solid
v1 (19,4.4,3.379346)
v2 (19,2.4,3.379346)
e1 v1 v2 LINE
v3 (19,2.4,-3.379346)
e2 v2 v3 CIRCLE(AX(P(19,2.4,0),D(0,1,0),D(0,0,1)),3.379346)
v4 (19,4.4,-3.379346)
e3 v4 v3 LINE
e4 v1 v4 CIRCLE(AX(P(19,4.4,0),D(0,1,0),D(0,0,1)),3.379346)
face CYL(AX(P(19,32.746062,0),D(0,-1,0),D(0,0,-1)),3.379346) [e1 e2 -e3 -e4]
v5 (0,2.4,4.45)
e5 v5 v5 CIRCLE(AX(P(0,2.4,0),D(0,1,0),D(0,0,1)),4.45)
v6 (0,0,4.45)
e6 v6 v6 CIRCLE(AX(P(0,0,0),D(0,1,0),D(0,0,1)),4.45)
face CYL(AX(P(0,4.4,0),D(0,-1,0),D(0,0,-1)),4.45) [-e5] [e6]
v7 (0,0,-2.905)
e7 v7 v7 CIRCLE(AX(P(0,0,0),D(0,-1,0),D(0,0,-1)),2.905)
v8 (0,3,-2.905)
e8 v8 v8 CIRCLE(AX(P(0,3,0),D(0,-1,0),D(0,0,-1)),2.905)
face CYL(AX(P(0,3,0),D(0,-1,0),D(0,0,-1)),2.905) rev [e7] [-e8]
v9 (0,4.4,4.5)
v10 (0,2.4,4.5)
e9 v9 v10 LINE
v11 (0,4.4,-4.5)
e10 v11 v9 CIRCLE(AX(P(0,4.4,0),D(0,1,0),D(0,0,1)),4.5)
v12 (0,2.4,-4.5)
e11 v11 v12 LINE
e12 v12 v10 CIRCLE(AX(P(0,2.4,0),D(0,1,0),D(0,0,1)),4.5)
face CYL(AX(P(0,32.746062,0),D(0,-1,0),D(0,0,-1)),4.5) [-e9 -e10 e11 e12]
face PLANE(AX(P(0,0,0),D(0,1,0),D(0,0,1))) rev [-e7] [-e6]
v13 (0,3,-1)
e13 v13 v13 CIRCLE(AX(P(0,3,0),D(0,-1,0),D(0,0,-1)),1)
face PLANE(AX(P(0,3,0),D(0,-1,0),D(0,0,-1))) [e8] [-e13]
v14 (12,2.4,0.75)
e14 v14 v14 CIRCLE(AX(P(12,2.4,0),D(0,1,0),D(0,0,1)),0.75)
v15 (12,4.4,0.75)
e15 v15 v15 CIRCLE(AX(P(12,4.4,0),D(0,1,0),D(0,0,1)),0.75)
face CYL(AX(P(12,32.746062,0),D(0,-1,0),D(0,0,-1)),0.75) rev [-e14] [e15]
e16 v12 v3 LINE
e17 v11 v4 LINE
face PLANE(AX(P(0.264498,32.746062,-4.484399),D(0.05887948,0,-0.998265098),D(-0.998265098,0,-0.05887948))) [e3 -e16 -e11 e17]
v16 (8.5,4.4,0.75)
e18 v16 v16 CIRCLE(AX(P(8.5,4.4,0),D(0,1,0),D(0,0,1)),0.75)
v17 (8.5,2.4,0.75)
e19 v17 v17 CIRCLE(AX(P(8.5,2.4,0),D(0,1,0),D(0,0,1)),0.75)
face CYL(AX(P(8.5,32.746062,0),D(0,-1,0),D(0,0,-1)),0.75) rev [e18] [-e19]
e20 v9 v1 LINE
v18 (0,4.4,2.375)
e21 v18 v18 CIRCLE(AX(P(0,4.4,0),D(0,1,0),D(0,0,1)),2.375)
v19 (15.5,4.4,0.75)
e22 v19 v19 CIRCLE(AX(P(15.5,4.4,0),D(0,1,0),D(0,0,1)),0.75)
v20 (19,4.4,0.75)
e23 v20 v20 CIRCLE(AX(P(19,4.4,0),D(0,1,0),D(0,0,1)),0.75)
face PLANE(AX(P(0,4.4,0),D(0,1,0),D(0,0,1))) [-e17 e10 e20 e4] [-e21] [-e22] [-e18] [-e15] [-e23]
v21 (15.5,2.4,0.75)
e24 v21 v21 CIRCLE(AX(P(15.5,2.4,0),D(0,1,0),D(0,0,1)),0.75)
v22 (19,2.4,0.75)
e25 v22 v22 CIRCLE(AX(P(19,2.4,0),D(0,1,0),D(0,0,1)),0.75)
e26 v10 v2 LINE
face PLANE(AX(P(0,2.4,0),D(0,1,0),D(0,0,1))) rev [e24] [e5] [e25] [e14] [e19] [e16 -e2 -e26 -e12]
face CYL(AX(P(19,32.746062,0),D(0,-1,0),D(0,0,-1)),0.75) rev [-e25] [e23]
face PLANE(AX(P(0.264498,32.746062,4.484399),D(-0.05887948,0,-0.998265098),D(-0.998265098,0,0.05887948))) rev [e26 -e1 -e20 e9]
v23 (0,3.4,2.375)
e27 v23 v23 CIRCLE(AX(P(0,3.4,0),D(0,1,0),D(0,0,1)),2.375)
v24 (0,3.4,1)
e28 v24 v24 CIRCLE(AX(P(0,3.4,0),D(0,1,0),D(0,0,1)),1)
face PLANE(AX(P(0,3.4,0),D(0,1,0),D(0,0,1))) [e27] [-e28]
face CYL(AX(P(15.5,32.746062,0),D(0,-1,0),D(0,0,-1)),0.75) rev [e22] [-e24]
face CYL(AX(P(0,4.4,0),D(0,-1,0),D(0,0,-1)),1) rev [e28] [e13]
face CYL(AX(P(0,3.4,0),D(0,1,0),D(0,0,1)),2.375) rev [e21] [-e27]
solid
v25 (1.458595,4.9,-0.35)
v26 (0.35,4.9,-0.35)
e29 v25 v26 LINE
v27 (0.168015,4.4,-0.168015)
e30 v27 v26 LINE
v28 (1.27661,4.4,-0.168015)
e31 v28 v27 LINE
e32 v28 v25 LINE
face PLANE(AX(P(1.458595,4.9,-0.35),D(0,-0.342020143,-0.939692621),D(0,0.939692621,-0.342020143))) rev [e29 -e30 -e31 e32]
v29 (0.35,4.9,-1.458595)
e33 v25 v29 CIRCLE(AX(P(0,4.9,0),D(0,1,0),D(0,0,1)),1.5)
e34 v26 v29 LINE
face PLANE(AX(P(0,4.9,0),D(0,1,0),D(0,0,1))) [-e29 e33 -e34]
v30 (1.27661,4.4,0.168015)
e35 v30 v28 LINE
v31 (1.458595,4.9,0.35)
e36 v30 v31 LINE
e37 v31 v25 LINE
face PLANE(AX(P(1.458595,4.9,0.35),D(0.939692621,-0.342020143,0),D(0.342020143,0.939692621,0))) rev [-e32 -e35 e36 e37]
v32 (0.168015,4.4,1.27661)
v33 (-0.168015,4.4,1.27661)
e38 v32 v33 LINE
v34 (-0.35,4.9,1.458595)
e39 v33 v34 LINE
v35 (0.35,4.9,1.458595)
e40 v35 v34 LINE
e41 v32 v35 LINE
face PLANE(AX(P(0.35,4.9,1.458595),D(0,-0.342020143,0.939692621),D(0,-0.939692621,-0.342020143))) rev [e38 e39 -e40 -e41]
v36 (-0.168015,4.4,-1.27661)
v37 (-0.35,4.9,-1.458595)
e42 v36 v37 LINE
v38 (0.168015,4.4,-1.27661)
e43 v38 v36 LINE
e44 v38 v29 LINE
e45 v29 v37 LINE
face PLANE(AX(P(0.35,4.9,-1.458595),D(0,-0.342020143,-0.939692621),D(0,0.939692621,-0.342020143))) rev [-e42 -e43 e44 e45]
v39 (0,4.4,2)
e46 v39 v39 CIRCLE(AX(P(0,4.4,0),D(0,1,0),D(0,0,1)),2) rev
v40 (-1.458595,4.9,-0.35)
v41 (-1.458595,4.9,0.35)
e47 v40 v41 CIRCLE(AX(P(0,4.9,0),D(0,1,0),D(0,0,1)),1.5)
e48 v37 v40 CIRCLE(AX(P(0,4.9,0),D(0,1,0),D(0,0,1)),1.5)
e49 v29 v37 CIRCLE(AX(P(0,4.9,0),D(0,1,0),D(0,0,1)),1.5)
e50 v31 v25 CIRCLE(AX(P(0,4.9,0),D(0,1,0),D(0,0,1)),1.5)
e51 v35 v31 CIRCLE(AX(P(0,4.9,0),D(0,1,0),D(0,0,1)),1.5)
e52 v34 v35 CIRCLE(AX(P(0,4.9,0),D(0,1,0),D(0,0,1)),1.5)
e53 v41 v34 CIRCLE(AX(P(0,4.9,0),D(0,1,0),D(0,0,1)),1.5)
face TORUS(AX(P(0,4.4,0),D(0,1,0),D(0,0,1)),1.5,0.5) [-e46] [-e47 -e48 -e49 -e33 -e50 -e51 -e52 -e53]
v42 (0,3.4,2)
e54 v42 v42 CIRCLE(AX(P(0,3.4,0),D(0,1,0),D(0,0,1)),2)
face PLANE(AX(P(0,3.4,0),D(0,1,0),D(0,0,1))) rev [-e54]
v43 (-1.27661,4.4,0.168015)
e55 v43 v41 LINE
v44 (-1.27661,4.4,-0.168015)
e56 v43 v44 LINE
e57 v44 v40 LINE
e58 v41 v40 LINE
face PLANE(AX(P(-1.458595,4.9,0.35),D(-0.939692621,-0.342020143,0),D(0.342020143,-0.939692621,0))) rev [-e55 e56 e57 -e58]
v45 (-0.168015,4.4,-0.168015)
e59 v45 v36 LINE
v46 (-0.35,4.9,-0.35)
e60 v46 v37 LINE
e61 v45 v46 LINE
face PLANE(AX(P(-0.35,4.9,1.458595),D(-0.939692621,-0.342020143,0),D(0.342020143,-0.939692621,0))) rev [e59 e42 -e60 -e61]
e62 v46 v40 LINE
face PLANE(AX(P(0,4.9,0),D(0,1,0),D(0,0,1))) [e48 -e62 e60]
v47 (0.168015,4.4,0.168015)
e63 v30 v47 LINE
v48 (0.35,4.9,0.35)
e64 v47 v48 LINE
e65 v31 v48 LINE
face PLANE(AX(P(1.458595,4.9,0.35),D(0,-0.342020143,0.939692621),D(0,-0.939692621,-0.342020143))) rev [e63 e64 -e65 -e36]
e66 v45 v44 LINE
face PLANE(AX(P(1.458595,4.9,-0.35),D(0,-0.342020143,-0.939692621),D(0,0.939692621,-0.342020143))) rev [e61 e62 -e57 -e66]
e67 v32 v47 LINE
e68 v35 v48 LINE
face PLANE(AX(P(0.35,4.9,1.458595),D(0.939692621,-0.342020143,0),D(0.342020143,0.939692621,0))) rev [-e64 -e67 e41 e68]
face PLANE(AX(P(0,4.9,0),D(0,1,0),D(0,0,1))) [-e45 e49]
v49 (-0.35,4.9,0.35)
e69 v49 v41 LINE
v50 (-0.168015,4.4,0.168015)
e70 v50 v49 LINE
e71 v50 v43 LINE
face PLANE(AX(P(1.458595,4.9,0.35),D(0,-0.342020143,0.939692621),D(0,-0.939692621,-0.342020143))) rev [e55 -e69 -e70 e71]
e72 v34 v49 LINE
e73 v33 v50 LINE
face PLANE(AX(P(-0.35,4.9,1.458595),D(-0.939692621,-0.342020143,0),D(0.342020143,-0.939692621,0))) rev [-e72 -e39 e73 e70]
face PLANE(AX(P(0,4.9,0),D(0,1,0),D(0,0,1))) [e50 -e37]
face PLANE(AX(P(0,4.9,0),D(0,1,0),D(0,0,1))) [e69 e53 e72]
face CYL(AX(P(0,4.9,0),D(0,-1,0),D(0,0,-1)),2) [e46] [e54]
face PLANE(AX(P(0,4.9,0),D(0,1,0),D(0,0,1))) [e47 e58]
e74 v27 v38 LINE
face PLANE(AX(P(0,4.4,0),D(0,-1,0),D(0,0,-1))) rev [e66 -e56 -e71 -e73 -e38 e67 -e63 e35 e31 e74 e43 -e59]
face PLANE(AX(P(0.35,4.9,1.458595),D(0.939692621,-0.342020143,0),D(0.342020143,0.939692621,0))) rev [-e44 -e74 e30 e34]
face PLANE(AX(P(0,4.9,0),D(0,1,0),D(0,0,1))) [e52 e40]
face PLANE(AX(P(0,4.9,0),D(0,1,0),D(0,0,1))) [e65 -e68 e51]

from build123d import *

# Parameters (mm, degrees)
SKETCH1_R           = 4.45
SKETCH1_R_2         = 1
BOSS_EXTRUDE1_DEPTH = 4.4
BOSS_EXTRUDE2_START = 2.4
SKETCH1_3_R         = 2.375
SKETCH1_3_R_2       = 1
SKETCH1_3_R_3       = 0.75
SKETCH1_3_R_4       = 4.45
BOSS_EXTRUDE2_DEPTH = 2
CUT_EXTRUDE1_START  = 4.4
SKETCH1_4_R         = 2.375
CUT_EXTRUDE1_DEPTH  = 1
SKETCH2_R           = 2
BOSS_EXTRUDE3_DEPTH = 1.5
FILLET1_R           = 0.5
SKETCH3_W           = 0.7
SKETCH3_H           = 2.91719043
SKETCH3_W_2         = 2.91719043
SKETCH3_H_2         = 0.7
CUT_EXTRUDE2_DEPTH  = 0.5
CUT_EXTRUDE2_TAPER  = 20
SKETCH4_R           = 2.905
CUT_EXTRUDE3_DEPTH  = 3


with BuildPart() as part:
    # Sketch1 → Boss-Extrude1 (new body)
    with BuildSketch(Plane(origin=(0, 0, 0), x_dir=(1, 0, 0), z_dir=(0, 1, 0))):
        Circle(SKETCH1_R)
        Circle(SKETCH1_R_2, mode=Mode.SUBTRACT)
    extrude(amount=BOSS_EXTRUDE1_DEPTH)

    # Sketch1<3> → Boss-Extrude2 (add)
    with BuildSketch(Plane(origin=(0, 0, 0), x_dir=(1, 0, 0), z_dir=(0, 1, 0)).offset(BOSS_EXTRUDE2_START)):
        Circle(SKETCH1_3_R)
        Circle(SKETCH1_3_R_2, mode=Mode.SUBTRACT)
        with BuildLine():
            Line((0, -4.5), (19, -3.379345653))
            ThreePointArc((19, -3.379345653), (22.379345653, 0), (19, 3.379345653))
            Line((19, 3.379345653), (0, 4.5))
            ThreePointArc((0, 4.5), (-4.5, 0), (0, -4.5))
        make_face()
        with Locations((19, 0)):
            Circle(SKETCH1_3_R_3, mode=Mode.SUBTRACT)
        with Locations((15.5, 0)):
            Circle(SKETCH1_3_R_3, mode=Mode.SUBTRACT)
        with Locations((12, 0)):
            Circle(SKETCH1_3_R_3, mode=Mode.SUBTRACT)
        with Locations((8.5, 0)):
            Circle(SKETCH1_3_R_3, mode=Mode.SUBTRACT)
        Circle(SKETCH1_3_R_4, mode=Mode.SUBTRACT)
    extrude(amount=BOSS_EXTRUDE2_DEPTH)

    # Sketch1<4> → Cut-Extrude1 (cut)
    with BuildSketch(Plane(origin=(0, 0, 0), x_dir=(1, 0, 0), z_dir=(0, 1, 0)).offset(CUT_EXTRUDE1_START)):
        Circle(SKETCH1_4_R)
    extrude(amount=-CUT_EXTRUDE1_DEPTH, mode=Mode.SUBTRACT)

    # Sketch4 → Cut-Extrude3 (cut)
    with BuildSketch(Plane.XZ):
        Circle(SKETCH4_R)
    extrude(amount=-CUT_EXTRUDE3_DEPTH, mode=Mode.SUBTRACT)


with BuildPart() as body_2:
    # Sketch2 → Boss-Extrude3 (new body)
    with BuildSketch(Plane(origin=(0, 3.4, 0), x_dir=(1, 0, 0), z_dir=(0, 1, 0))):
        Circle(SKETCH2_R)
    extrude(amount=BOSS_EXTRUDE3_DEPTH)

    # Fillet1
    fillet1_edges = [body_2.edges().sort_by_distance(p)[0] for p in [
        (-2, 4.9, 0),
    ]]
    fillet(fillet1_edges, radius=FILLET1_R)

    # Sketch3 → Cut-Extrude2 (cut)
    with BuildSketch(Plane(origin=(0, 4.9, 0), x_dir=(1, 0, 0), z_dir=(0, 1, 0))):
        Rectangle(SKETCH3_W, SKETCH3_H)
        Rectangle(SKETCH3_W_2, SKETCH3_H_2)
    extrude(amount=-CUT_EXTRUDE2_DEPTH, taper=CUT_EXTRUDE2_TAPER, mode=Mode.SUBTRACT)


solid = Compound([part.part, body_2.part])
